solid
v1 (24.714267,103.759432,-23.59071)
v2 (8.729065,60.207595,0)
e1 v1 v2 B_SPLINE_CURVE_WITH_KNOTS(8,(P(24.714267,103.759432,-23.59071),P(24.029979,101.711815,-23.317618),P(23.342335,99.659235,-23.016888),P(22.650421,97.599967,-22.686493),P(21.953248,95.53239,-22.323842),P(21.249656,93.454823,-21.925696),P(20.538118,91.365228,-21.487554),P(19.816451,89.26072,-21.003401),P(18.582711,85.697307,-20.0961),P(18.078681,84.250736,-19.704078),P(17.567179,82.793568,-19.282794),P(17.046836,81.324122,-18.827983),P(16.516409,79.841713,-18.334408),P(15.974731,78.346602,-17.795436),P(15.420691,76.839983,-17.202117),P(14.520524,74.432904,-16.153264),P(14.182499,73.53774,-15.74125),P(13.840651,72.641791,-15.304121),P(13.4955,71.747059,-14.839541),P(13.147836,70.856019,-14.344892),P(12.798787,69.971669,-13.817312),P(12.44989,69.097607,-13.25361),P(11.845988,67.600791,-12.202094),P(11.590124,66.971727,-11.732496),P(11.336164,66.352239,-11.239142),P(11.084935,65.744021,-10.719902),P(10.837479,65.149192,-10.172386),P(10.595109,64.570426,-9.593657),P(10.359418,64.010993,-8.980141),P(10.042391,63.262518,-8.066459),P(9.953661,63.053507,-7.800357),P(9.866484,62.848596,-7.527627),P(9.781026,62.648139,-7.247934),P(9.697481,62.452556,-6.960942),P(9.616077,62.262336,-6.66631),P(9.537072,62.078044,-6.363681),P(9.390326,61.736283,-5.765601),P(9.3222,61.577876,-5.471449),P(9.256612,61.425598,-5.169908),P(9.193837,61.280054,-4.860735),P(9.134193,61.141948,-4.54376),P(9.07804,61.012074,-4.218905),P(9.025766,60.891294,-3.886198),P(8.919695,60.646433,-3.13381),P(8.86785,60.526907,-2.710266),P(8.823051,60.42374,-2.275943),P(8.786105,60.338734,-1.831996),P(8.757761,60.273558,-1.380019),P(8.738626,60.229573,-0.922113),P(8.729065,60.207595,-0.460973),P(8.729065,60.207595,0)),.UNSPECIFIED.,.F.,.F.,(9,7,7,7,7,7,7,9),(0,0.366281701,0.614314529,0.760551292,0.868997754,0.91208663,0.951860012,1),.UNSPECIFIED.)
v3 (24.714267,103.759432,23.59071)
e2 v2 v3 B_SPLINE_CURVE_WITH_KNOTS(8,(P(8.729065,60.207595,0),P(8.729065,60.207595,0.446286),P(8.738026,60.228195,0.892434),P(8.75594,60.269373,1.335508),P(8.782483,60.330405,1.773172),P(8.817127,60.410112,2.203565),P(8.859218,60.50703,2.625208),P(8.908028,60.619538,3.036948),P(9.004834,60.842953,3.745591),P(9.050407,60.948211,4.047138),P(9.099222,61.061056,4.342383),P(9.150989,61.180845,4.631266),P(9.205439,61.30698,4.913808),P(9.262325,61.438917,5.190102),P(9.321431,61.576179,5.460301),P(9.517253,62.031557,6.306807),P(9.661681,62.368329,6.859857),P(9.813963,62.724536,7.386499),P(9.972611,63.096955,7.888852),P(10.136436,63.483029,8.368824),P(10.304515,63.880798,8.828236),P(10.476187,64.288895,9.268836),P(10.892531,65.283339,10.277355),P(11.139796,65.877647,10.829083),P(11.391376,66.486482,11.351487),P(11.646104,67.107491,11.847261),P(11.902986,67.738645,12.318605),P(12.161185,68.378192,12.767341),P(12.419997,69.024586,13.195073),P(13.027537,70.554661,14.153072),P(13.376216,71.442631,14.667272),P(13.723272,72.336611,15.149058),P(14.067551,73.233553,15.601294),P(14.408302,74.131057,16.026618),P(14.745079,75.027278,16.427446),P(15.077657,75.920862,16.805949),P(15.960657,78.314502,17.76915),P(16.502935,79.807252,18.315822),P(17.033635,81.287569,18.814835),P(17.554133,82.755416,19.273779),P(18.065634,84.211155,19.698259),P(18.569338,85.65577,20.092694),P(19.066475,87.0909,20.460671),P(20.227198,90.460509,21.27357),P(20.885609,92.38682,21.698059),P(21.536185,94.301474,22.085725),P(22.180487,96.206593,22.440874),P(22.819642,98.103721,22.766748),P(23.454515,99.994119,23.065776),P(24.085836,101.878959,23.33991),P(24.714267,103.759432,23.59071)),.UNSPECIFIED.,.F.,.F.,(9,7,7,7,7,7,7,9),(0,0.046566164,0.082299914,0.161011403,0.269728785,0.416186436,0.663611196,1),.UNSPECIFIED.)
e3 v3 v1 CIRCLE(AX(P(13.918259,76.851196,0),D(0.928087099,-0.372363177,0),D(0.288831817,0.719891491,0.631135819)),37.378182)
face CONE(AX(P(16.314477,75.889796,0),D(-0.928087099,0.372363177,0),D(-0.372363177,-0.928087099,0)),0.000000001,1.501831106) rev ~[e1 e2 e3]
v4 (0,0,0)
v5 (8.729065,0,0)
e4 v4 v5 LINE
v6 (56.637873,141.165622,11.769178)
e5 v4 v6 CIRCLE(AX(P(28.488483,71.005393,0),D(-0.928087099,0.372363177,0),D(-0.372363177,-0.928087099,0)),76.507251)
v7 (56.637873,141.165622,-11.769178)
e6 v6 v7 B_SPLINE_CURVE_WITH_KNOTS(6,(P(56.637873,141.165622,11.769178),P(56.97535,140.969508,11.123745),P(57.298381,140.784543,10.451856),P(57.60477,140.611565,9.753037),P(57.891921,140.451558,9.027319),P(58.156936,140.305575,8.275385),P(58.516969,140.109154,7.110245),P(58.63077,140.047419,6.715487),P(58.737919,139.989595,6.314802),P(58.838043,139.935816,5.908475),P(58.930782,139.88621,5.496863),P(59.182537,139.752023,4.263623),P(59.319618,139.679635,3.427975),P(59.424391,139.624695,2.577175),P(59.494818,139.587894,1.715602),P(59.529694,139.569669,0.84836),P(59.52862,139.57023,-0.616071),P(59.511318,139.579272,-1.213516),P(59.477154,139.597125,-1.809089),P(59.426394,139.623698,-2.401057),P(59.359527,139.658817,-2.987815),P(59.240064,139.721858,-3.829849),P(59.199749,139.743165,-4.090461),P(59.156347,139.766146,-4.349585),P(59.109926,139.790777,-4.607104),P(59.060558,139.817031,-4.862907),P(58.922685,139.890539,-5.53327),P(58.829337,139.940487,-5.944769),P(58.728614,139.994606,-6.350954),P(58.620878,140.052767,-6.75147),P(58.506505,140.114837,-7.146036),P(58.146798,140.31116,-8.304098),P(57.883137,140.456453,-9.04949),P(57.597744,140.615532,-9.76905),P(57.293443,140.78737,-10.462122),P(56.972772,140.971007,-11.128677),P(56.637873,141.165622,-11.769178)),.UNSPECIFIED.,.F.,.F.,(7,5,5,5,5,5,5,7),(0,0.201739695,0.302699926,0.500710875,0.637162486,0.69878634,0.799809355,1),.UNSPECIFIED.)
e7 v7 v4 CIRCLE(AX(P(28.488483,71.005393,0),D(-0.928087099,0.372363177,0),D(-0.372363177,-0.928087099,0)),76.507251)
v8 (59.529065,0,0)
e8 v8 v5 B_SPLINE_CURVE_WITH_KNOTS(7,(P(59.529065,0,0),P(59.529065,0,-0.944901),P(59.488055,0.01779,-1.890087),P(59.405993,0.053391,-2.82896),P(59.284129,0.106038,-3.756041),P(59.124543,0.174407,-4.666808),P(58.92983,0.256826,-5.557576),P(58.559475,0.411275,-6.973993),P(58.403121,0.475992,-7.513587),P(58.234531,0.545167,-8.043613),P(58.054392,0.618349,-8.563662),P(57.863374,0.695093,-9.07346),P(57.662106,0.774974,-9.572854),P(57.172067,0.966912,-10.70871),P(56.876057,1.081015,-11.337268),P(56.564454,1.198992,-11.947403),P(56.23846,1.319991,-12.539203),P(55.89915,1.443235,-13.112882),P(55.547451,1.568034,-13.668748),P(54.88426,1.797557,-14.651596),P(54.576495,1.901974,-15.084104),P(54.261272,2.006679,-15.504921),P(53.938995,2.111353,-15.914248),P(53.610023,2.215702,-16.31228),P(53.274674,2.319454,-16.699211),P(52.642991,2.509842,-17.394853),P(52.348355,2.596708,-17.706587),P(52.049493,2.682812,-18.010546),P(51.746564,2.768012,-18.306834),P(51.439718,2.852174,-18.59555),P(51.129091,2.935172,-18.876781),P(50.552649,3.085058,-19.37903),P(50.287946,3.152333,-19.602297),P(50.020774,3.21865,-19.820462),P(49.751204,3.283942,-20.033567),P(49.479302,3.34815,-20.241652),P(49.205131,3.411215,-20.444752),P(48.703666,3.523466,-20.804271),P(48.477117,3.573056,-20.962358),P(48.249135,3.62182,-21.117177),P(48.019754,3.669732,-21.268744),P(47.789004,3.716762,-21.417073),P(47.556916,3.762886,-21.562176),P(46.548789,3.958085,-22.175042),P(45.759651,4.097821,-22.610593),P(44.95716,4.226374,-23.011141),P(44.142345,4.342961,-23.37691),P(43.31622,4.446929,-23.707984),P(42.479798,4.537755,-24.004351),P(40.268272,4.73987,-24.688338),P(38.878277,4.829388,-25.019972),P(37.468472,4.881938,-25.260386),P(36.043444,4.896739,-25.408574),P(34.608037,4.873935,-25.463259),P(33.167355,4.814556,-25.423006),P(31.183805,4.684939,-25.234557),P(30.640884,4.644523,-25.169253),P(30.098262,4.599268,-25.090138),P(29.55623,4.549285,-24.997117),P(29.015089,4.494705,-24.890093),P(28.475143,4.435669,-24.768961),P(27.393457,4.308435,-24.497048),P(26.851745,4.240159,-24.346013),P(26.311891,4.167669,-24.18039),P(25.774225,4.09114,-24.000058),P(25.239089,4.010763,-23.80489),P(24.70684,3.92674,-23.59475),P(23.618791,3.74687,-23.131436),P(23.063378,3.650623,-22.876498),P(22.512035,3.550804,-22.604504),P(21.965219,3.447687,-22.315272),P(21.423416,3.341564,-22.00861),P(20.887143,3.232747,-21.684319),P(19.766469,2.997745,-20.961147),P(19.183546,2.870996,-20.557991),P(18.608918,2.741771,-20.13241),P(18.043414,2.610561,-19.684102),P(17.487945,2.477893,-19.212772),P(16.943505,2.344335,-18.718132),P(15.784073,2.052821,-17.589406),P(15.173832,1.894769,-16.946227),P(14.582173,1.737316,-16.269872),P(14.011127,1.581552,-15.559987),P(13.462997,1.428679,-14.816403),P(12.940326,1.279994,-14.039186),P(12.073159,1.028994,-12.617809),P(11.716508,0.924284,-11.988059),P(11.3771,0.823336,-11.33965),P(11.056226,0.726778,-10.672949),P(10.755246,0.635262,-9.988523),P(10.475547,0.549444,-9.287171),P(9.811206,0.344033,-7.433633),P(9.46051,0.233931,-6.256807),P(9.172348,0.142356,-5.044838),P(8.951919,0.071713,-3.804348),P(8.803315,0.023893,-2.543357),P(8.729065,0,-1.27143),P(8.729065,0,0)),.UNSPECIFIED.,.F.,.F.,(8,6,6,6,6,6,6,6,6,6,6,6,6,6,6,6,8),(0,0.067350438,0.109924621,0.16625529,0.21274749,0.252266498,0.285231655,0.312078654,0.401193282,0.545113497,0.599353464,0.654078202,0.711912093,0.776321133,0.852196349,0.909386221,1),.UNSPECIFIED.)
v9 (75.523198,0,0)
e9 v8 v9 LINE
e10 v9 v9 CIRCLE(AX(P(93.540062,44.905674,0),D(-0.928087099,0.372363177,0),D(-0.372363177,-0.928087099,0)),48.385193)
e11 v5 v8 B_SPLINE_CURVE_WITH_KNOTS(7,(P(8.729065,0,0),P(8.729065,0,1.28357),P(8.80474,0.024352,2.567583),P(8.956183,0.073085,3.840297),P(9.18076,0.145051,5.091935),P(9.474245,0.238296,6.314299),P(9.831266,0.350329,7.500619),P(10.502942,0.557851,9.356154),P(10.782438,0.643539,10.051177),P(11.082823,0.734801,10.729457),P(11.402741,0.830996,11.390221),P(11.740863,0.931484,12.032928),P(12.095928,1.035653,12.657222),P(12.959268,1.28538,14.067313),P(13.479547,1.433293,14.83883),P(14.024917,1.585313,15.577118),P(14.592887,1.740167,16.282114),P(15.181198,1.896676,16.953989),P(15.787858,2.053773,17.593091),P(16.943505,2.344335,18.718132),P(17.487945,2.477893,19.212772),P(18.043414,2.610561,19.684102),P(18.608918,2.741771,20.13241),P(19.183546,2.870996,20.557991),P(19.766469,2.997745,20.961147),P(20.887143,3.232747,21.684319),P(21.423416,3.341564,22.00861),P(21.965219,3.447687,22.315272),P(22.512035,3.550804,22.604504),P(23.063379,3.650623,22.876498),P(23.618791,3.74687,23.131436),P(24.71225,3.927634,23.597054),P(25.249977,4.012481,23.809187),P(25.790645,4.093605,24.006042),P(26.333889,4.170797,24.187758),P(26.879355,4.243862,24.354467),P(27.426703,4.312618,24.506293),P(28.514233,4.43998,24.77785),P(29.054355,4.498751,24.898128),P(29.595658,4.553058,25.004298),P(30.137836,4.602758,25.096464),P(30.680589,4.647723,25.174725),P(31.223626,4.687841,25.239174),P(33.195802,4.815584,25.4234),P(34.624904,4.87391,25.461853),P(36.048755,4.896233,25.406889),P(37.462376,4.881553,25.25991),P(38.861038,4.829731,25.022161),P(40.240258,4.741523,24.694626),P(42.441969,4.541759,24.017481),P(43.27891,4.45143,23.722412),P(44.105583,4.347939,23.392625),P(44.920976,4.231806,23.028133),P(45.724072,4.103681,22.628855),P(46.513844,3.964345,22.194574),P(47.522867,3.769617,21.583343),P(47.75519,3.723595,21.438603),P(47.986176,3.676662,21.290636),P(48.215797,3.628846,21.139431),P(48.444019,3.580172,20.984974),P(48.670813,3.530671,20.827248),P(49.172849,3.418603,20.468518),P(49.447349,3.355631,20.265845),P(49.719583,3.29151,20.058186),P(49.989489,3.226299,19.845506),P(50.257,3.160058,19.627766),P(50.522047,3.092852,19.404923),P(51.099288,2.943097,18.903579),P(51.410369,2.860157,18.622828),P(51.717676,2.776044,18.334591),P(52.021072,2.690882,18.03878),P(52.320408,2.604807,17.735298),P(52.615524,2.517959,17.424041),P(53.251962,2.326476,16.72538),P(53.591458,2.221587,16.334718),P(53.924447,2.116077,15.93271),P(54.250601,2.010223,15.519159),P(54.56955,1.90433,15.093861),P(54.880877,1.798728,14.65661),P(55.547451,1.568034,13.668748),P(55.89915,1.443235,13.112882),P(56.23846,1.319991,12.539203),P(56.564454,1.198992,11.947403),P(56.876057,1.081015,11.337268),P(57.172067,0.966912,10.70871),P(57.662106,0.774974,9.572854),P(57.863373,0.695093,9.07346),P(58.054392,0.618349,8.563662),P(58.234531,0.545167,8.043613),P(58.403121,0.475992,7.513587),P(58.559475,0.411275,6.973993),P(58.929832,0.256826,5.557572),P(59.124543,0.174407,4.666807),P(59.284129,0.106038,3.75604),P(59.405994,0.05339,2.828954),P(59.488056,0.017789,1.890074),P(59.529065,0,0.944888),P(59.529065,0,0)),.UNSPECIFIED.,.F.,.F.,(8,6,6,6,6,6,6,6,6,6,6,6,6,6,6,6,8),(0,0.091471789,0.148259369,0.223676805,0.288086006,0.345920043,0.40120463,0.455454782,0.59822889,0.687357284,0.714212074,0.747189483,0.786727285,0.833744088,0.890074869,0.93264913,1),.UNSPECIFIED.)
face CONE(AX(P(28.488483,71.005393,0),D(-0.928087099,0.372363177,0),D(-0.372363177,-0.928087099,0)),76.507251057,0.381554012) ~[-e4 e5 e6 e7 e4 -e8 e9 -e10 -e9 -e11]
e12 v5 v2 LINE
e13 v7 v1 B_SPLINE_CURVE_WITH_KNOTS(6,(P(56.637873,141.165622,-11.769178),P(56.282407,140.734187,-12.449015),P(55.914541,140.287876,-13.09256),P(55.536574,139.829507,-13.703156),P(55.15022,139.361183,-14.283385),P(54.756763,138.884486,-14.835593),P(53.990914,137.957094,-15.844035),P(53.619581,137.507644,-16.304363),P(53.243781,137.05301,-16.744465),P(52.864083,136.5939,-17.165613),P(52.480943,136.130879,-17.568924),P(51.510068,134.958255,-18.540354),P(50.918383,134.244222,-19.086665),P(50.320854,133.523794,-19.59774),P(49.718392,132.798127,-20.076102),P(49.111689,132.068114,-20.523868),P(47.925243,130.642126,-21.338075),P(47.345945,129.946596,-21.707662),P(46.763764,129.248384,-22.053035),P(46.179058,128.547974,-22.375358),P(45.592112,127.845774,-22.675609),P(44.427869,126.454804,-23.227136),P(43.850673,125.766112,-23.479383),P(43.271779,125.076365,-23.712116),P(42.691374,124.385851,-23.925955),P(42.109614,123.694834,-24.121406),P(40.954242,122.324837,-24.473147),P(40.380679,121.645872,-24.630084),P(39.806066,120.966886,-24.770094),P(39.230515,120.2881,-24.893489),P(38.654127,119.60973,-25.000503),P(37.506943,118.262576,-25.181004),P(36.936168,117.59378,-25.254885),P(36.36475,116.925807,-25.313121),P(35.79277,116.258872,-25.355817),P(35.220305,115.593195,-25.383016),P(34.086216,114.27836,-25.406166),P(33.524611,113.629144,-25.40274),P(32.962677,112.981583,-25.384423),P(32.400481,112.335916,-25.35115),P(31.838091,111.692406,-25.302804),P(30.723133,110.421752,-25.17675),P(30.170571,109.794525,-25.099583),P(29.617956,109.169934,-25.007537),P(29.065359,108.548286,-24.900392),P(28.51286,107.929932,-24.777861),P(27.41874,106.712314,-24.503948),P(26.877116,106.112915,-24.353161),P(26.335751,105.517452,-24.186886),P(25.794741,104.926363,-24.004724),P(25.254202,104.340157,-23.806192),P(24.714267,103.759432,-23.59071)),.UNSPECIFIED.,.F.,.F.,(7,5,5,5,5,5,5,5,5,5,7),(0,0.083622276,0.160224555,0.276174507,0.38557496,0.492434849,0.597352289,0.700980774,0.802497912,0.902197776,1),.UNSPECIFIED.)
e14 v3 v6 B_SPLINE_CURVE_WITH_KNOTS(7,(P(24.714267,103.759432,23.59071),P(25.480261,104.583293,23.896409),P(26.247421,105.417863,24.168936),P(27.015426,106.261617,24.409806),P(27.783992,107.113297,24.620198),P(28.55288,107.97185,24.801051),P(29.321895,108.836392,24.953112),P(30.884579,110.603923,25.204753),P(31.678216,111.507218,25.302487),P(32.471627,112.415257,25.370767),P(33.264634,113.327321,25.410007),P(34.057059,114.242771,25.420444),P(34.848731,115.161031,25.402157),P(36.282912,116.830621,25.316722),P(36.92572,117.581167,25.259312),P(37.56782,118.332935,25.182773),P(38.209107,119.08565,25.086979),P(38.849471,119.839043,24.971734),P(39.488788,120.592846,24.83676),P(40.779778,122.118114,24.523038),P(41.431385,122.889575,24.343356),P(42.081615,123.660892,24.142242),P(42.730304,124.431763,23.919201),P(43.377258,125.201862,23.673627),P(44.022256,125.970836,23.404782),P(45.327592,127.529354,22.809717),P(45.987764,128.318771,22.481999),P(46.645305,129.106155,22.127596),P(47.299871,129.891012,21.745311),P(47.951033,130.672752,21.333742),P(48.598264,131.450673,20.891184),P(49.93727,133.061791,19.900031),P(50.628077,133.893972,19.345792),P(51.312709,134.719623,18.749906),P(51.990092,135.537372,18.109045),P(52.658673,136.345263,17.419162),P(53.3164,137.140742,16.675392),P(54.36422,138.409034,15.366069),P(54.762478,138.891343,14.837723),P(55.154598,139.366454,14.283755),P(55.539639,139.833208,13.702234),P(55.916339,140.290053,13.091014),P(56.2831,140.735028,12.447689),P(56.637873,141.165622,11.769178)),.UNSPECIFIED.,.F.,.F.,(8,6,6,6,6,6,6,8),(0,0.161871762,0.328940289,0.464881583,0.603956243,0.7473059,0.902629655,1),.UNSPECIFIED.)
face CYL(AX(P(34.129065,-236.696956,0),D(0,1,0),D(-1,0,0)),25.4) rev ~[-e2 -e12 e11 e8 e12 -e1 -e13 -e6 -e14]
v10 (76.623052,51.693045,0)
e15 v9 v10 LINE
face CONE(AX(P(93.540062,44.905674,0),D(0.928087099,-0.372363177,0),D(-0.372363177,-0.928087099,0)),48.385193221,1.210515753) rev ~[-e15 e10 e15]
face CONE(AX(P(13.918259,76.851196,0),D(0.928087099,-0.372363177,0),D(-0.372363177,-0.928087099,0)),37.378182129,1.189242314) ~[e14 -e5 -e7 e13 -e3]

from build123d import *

# Parameters (mm, degrees)
F3_D = 50.8


with BuildPart() as f1:
    # F0 (on Top) → F1 (revolve)
    with BuildSketch(Plane.XY):
        Polygon((0, 42.160987854), (0, 0), (75.5231976509, 0), (76.6230523586, 51.6930446029), (16.3144767284, 75.8897960186), align=None)
    revolve(axis=Axis((46.4687645435, 63.7914203107, 0), (-0.9280870995, 0.3723631773, 0)))

    # F3 (through all)
    with Locations(Plane.XZ):
        with Locations((34.1290648442, 0)):
            Hole(F3_D / 2)


solid = f1.part
